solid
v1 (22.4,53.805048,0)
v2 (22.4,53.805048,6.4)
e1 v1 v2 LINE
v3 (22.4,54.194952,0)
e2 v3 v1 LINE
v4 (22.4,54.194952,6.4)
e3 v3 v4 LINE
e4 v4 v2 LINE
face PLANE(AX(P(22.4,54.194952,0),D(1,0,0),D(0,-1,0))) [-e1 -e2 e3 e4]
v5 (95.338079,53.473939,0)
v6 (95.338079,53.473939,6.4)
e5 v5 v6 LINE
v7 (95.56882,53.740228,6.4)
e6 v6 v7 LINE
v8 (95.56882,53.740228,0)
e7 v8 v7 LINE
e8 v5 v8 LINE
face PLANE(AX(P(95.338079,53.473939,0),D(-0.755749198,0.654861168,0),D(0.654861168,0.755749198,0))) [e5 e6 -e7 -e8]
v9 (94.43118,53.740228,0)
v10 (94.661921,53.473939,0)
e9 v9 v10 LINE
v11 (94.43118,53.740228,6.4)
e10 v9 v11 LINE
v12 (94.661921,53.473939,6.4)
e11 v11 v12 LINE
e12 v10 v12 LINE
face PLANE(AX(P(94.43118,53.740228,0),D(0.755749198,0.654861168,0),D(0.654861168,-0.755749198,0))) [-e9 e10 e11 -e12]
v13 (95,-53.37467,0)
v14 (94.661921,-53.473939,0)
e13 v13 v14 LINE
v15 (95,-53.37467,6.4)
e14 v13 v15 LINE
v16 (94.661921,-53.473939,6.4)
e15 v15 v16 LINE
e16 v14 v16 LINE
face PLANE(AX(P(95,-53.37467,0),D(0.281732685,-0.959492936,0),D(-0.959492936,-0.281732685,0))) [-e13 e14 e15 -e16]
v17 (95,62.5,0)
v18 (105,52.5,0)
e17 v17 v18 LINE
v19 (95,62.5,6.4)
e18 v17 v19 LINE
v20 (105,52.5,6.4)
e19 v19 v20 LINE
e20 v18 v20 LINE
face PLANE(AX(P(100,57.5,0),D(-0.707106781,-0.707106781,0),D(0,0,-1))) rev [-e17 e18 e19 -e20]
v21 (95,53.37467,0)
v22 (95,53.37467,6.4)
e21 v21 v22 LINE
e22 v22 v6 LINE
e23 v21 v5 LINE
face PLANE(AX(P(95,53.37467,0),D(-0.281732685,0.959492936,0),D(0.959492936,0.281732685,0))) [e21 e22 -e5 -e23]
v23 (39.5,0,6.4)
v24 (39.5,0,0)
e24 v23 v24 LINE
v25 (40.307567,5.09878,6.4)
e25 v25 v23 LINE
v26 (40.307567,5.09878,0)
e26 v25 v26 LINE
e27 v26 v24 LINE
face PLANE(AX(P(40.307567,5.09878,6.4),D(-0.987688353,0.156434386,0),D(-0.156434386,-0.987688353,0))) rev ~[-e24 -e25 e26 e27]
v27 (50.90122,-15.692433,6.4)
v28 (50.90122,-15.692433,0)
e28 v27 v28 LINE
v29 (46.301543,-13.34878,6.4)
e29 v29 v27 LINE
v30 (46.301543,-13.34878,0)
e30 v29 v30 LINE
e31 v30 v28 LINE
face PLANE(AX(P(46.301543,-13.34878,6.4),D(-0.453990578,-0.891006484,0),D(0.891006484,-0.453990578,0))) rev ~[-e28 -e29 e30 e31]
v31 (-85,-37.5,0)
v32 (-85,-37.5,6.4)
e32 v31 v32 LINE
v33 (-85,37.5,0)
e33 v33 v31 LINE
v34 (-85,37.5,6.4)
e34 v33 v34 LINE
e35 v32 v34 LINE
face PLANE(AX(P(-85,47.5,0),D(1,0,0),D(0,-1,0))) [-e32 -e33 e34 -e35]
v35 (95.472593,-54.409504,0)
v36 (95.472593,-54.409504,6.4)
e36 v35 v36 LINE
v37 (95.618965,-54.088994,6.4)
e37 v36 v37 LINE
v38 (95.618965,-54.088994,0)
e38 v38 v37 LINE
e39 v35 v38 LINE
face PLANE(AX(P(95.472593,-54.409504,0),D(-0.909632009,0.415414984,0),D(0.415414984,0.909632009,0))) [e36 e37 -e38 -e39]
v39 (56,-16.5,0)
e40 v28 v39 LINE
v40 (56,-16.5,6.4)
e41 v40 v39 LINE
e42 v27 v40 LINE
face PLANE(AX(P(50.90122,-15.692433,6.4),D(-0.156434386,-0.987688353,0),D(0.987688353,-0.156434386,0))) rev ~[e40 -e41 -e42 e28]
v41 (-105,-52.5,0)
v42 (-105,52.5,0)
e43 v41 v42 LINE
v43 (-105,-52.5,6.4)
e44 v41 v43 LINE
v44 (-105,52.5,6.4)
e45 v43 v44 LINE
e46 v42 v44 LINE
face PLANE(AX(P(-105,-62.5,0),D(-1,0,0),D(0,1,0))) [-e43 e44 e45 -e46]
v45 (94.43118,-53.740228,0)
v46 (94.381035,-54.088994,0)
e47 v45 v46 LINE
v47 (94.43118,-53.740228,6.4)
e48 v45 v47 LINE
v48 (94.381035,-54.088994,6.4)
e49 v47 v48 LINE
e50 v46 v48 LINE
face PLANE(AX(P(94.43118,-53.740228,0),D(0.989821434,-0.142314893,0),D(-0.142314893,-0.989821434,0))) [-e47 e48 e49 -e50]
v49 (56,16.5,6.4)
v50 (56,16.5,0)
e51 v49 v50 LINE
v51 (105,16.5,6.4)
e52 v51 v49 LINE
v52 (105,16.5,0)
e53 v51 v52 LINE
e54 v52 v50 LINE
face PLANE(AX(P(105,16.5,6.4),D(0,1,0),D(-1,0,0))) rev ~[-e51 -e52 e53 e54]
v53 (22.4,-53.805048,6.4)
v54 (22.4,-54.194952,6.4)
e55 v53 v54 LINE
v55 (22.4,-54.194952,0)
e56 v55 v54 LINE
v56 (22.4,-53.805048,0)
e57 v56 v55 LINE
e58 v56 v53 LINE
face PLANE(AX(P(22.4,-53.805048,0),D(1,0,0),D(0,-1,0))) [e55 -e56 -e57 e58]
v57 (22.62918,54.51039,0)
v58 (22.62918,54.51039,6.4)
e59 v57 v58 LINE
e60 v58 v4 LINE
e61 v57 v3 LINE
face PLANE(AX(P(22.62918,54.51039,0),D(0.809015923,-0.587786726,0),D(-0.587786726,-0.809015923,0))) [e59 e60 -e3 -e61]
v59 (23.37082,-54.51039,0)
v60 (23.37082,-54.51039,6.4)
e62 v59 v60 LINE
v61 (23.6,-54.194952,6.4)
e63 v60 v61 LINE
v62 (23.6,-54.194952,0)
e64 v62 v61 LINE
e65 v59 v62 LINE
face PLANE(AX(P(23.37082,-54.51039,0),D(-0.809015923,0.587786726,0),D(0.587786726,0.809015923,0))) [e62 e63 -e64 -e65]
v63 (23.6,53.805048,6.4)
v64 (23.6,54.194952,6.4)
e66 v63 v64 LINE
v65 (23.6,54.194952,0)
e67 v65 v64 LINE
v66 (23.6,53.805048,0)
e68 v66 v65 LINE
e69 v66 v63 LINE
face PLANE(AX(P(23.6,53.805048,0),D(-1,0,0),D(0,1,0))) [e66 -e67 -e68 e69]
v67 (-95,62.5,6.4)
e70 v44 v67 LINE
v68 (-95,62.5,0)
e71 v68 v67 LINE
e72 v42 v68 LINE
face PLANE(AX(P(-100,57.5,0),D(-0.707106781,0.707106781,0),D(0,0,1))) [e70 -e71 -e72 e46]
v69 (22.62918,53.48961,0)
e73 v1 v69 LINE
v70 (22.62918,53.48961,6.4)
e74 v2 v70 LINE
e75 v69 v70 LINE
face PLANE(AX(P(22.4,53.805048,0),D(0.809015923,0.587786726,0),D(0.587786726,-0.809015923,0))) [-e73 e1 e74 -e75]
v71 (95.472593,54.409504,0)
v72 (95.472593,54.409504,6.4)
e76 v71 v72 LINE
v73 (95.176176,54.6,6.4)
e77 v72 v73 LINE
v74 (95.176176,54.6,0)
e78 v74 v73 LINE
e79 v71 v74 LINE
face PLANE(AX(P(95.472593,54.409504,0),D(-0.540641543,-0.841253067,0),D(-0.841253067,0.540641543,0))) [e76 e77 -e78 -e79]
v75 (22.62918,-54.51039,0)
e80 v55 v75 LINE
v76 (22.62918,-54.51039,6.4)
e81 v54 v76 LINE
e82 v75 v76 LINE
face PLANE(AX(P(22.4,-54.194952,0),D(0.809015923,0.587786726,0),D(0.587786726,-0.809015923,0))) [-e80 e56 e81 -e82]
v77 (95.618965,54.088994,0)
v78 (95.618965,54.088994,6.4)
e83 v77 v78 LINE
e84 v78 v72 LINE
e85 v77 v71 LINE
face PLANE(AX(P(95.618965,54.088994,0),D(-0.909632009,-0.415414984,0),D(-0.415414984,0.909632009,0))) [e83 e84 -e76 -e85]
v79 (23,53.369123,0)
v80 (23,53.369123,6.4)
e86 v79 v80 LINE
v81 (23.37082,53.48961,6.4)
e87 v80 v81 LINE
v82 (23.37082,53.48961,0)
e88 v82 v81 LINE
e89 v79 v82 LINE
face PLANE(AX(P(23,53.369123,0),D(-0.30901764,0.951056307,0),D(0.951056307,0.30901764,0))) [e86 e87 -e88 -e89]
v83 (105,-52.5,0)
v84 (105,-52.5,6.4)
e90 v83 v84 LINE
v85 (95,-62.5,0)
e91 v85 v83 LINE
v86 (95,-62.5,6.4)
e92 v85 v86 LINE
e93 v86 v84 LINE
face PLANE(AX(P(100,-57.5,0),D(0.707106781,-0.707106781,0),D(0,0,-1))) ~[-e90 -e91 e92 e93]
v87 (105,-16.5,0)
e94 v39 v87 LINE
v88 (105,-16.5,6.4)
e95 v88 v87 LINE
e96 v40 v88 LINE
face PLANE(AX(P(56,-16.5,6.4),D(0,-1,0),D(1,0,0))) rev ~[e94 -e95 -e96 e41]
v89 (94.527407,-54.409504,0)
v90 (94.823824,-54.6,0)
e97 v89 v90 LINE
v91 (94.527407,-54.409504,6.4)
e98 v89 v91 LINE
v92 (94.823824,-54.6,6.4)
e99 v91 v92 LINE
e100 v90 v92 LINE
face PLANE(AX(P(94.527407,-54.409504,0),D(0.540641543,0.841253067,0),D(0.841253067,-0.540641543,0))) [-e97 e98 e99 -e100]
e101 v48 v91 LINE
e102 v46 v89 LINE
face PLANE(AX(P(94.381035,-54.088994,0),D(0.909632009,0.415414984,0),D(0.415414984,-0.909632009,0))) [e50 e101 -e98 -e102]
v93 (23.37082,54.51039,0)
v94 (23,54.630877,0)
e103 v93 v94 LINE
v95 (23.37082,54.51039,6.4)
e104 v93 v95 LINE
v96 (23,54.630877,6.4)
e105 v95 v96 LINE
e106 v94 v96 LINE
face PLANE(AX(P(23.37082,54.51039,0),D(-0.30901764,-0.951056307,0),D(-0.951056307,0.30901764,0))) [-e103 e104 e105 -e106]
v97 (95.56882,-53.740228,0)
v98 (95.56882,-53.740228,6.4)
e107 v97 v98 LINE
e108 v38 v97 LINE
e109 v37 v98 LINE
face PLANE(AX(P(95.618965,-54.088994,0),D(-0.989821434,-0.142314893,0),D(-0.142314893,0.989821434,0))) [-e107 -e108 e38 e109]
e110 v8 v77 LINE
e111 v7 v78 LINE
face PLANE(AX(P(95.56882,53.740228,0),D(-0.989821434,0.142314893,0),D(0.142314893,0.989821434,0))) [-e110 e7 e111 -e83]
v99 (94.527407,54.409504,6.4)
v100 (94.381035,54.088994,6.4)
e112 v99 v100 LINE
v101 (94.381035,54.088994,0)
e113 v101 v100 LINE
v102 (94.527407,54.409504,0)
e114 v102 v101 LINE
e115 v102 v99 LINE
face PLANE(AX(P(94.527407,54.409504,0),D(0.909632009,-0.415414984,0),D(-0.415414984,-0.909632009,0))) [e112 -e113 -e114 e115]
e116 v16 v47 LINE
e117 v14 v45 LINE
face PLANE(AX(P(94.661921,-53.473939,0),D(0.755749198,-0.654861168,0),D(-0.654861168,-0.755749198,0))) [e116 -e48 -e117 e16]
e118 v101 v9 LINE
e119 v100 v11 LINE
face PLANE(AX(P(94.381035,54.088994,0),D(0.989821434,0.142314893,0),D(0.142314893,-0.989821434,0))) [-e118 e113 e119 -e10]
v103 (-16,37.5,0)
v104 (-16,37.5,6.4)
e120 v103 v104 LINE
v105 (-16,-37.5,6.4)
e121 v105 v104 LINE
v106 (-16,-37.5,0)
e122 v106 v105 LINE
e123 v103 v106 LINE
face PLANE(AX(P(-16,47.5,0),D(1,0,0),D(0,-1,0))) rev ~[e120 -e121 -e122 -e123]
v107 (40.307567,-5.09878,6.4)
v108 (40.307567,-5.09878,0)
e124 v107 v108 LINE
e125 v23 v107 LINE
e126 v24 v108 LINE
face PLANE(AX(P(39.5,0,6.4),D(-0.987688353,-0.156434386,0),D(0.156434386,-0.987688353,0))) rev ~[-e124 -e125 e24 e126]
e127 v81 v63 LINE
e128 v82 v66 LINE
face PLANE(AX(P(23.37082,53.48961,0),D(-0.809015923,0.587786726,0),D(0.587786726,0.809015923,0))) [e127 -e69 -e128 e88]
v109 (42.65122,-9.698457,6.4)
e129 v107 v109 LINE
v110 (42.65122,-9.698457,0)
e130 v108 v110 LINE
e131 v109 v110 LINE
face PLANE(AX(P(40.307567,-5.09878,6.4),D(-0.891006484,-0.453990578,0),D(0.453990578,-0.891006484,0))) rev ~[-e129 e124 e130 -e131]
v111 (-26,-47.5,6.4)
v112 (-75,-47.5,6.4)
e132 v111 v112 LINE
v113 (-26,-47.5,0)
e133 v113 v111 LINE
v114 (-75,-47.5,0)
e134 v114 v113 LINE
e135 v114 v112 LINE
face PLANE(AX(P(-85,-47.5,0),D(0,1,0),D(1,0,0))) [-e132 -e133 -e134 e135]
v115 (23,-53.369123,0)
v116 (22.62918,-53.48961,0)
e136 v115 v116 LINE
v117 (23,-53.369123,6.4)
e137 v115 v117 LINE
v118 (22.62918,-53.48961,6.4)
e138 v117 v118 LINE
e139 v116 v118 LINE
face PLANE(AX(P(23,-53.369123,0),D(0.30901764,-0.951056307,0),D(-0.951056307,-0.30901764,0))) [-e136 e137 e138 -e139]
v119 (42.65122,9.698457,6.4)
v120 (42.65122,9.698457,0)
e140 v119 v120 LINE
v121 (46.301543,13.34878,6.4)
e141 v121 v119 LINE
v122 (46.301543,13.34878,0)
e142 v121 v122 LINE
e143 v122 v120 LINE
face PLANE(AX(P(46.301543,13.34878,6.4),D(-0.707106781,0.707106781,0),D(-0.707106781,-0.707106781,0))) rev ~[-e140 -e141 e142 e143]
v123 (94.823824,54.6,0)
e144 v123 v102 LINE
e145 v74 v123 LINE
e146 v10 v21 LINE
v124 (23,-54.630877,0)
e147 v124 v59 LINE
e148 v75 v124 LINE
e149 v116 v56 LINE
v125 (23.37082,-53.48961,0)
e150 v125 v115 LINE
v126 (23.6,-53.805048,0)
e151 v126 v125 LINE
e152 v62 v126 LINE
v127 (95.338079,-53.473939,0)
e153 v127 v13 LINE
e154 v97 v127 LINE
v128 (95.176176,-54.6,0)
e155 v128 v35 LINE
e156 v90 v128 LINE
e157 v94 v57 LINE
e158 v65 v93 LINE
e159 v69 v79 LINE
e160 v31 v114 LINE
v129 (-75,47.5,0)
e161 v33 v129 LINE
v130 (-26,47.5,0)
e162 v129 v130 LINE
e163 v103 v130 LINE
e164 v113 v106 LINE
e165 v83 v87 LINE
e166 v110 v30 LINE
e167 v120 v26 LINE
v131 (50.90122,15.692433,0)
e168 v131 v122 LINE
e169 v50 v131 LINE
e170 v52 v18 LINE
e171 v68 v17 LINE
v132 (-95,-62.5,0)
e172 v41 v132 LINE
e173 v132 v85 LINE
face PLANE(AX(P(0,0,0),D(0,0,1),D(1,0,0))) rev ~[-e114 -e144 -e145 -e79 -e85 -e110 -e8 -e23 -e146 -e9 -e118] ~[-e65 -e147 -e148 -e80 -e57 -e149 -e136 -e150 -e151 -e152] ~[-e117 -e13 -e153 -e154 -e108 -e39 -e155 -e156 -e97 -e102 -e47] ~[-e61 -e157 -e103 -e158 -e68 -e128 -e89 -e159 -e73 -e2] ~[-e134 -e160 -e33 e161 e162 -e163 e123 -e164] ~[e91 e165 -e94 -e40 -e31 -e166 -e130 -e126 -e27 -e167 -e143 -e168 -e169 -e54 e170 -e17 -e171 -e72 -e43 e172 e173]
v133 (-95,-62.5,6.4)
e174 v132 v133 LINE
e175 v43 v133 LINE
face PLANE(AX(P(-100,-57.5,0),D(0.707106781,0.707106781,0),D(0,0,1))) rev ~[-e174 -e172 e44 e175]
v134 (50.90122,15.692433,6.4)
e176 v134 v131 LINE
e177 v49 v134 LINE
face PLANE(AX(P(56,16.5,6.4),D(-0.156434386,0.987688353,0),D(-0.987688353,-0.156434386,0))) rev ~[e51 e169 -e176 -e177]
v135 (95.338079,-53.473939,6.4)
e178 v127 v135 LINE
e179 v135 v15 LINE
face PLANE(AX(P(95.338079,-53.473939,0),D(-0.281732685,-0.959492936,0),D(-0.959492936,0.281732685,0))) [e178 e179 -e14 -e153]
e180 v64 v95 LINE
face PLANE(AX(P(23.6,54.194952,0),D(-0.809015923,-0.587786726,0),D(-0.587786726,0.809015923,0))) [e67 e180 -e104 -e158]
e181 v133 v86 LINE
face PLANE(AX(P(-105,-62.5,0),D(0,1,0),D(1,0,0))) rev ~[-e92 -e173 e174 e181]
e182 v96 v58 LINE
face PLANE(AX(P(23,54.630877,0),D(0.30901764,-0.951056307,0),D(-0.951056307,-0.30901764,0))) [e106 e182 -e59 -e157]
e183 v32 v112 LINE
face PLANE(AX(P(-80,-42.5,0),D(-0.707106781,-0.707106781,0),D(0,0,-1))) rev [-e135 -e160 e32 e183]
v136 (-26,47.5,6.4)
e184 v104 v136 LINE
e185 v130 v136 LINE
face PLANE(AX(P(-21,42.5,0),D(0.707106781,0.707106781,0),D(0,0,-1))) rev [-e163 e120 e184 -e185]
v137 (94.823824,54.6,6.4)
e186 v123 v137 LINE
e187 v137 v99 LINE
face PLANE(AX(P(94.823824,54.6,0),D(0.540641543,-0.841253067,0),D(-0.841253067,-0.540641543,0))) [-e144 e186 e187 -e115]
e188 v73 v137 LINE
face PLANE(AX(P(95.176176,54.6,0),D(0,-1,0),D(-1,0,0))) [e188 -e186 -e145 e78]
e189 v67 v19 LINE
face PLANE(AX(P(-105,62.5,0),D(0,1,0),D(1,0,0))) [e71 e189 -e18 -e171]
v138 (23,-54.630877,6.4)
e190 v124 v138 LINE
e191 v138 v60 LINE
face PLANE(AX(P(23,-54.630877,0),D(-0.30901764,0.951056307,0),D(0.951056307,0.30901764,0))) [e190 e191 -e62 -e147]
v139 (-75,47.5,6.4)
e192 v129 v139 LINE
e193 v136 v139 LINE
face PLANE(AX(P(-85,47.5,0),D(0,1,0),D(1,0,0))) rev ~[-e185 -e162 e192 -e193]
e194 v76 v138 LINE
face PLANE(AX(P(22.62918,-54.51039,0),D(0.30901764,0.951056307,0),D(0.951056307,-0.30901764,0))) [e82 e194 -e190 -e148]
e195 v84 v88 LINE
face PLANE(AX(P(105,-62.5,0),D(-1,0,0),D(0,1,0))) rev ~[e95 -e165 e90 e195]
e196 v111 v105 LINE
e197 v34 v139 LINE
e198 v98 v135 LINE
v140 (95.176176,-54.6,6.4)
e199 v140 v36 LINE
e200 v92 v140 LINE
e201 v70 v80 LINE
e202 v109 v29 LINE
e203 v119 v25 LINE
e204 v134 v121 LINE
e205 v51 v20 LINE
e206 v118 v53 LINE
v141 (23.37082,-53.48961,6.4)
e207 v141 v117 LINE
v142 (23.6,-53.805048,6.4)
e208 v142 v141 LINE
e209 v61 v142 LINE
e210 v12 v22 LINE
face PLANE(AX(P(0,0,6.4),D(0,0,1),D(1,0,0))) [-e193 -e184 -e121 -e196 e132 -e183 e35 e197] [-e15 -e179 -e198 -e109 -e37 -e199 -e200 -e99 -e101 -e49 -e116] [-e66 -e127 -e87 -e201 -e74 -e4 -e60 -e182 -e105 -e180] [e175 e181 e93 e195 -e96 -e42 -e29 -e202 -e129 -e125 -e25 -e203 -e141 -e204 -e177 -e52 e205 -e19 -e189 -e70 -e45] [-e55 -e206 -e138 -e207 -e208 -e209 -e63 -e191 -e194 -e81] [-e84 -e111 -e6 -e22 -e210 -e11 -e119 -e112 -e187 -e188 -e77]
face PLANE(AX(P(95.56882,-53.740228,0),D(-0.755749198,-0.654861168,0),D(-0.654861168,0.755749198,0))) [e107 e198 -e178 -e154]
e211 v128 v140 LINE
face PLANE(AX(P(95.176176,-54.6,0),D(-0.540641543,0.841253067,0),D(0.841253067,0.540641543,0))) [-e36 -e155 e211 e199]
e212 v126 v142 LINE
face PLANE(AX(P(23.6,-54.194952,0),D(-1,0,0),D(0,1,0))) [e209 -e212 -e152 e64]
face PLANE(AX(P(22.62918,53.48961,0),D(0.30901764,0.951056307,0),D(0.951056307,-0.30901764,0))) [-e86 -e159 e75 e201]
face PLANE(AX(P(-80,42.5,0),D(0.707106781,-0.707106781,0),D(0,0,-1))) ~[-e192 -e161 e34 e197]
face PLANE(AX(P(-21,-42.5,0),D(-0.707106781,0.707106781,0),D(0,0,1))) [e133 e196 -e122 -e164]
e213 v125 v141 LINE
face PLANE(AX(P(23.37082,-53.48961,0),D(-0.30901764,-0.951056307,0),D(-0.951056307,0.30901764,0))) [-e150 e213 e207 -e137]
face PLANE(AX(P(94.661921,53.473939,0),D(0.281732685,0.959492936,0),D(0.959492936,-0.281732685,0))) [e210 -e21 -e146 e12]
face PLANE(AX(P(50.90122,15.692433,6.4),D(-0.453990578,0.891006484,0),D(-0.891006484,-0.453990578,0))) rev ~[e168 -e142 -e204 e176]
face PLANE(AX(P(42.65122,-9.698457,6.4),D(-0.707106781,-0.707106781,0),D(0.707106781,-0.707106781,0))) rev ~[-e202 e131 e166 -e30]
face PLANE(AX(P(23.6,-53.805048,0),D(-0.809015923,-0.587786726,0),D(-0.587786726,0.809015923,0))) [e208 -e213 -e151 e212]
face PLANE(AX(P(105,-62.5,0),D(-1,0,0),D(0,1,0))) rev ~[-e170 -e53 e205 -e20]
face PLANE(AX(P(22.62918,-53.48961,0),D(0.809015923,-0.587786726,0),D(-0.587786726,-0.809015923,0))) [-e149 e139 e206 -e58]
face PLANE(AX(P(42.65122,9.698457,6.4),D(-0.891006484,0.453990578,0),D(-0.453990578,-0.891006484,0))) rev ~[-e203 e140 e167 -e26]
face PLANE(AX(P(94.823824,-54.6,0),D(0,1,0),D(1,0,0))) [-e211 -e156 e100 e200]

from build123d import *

# Parameters (mm, degrees)
F0_W     = 210
F0_H     = 125
F1_DEPTH = 6.4
F3_DEPTH = 25
F5_DEPTH = 6.4
F6_SIZE  = 10
F7_W     = 69
F7_H     = 95
F8_DEPTH = 6.401
F9_SIZE  = 10


with BuildPart() as f1:
    # F0 (on Top) → F1 (new body)
    with BuildSketch(Plane.XY):
        Rectangle(F0_W, F0_H)
    extrude(amount=F1_DEPTH)

    # F2 (on face) → F3 (cut)
    with BuildSketch(Plane.XY.offset(6.4)):
        Polygon((105, 16.5), (56, 16.5), (50.90122, 15.692433), (46.301543, 13.34878), (42.65122, 9.698457), (40.307567, 5.09878), (39.5, 0), (40.307567, -5.09878), (42.65122, -9.698457), (46.301543, -13.34878), (50.90122, -15.692433), (56, -16.5), (105, -16.5), align=None)
    extrude(amount=-F3_DEPTH, mode=Mode.SUBTRACT)

    # F4 (on Top) → F5 (cut, through all)
    with BuildSketch(Plane.XY):
        Polygon((94.661921, 53.473939), (95, 53.37467), (95.338079, 53.473939), (95.56882, 53.740228), (95.618965, 54.088994), (95.472593, 54.409504), (95.176176, 54.6), (94.823824, 54.6), (94.527407, 54.409504), (94.381035, 54.088994), (94.43118, 53.740228), align=None)
        Polygon((95.472593, -54.409504), (95.618965, -54.088994), (95.56882, -53.740228), (95.338079, -53.473939), (95, -53.37467), (94.661921, -53.473939), (94.43118, -53.740228), (94.381035, -54.088994), (94.527407, -54.409504), (94.823824, -54.6), (95.176176, -54.6), align=None)
        Polygon((23.37082, 53.48961), (23.6, 53.805048), (23.6, 54.194952), (23.37082, 54.51039), (23, 54.630877), (22.62918, 54.51039), (22.4, 54.194952), (22.4, 53.805048), (22.62918, 53.48961), (23, 53.369123), align=None)
        Polygon((22.62918, -53.48961), (22.4, -53.805048), (22.4, -54.194952), (22.62918, -54.51039), (23, -54.630877), (23.37082, -54.51039), (23.6, -54.194952), (23.6, -53.805048), (23.37082, -53.48961), (23, -53.369123), align=None)
    extrude(amount=F5_DEPTH, mode=Mode.SUBTRACT)

    # F6
    f6_edges = [f1.edges().sort_by_distance(p)[0] for p in [
        (-105, 62.5, 3.2),
        (105, 62.5, 3.2),
        (105, -62.5, 3.2),
        (-105, -62.5, 3.2),
    ]]
    chamfer(f6_edges, length=F6_SIZE)

    # F7 (on face) → F8 (cut, through all)
    with BuildSketch(Plane(origin=(0, 0, 0), x_dir=(1, 0, 0), z_dir=(0, 0, -1))):
        with Locations((-50.5, 0)):
            Rectangle(F7_W, F7_H)
    extrude(amount=-F8_DEPTH, mode=Mode.SUBTRACT)

    # F9
    f9_edges = [f1.edges().sort_by_distance(p)[0] for p in [
        (-85, 47.5, 3.2),
        (-16, 47.5, 3.2),
        (-16, -47.5, 3.2),
        (-85, -47.5, 3.2),
    ]]
    chamfer(f9_edges, length=F9_SIZE)


solid = f1.part
